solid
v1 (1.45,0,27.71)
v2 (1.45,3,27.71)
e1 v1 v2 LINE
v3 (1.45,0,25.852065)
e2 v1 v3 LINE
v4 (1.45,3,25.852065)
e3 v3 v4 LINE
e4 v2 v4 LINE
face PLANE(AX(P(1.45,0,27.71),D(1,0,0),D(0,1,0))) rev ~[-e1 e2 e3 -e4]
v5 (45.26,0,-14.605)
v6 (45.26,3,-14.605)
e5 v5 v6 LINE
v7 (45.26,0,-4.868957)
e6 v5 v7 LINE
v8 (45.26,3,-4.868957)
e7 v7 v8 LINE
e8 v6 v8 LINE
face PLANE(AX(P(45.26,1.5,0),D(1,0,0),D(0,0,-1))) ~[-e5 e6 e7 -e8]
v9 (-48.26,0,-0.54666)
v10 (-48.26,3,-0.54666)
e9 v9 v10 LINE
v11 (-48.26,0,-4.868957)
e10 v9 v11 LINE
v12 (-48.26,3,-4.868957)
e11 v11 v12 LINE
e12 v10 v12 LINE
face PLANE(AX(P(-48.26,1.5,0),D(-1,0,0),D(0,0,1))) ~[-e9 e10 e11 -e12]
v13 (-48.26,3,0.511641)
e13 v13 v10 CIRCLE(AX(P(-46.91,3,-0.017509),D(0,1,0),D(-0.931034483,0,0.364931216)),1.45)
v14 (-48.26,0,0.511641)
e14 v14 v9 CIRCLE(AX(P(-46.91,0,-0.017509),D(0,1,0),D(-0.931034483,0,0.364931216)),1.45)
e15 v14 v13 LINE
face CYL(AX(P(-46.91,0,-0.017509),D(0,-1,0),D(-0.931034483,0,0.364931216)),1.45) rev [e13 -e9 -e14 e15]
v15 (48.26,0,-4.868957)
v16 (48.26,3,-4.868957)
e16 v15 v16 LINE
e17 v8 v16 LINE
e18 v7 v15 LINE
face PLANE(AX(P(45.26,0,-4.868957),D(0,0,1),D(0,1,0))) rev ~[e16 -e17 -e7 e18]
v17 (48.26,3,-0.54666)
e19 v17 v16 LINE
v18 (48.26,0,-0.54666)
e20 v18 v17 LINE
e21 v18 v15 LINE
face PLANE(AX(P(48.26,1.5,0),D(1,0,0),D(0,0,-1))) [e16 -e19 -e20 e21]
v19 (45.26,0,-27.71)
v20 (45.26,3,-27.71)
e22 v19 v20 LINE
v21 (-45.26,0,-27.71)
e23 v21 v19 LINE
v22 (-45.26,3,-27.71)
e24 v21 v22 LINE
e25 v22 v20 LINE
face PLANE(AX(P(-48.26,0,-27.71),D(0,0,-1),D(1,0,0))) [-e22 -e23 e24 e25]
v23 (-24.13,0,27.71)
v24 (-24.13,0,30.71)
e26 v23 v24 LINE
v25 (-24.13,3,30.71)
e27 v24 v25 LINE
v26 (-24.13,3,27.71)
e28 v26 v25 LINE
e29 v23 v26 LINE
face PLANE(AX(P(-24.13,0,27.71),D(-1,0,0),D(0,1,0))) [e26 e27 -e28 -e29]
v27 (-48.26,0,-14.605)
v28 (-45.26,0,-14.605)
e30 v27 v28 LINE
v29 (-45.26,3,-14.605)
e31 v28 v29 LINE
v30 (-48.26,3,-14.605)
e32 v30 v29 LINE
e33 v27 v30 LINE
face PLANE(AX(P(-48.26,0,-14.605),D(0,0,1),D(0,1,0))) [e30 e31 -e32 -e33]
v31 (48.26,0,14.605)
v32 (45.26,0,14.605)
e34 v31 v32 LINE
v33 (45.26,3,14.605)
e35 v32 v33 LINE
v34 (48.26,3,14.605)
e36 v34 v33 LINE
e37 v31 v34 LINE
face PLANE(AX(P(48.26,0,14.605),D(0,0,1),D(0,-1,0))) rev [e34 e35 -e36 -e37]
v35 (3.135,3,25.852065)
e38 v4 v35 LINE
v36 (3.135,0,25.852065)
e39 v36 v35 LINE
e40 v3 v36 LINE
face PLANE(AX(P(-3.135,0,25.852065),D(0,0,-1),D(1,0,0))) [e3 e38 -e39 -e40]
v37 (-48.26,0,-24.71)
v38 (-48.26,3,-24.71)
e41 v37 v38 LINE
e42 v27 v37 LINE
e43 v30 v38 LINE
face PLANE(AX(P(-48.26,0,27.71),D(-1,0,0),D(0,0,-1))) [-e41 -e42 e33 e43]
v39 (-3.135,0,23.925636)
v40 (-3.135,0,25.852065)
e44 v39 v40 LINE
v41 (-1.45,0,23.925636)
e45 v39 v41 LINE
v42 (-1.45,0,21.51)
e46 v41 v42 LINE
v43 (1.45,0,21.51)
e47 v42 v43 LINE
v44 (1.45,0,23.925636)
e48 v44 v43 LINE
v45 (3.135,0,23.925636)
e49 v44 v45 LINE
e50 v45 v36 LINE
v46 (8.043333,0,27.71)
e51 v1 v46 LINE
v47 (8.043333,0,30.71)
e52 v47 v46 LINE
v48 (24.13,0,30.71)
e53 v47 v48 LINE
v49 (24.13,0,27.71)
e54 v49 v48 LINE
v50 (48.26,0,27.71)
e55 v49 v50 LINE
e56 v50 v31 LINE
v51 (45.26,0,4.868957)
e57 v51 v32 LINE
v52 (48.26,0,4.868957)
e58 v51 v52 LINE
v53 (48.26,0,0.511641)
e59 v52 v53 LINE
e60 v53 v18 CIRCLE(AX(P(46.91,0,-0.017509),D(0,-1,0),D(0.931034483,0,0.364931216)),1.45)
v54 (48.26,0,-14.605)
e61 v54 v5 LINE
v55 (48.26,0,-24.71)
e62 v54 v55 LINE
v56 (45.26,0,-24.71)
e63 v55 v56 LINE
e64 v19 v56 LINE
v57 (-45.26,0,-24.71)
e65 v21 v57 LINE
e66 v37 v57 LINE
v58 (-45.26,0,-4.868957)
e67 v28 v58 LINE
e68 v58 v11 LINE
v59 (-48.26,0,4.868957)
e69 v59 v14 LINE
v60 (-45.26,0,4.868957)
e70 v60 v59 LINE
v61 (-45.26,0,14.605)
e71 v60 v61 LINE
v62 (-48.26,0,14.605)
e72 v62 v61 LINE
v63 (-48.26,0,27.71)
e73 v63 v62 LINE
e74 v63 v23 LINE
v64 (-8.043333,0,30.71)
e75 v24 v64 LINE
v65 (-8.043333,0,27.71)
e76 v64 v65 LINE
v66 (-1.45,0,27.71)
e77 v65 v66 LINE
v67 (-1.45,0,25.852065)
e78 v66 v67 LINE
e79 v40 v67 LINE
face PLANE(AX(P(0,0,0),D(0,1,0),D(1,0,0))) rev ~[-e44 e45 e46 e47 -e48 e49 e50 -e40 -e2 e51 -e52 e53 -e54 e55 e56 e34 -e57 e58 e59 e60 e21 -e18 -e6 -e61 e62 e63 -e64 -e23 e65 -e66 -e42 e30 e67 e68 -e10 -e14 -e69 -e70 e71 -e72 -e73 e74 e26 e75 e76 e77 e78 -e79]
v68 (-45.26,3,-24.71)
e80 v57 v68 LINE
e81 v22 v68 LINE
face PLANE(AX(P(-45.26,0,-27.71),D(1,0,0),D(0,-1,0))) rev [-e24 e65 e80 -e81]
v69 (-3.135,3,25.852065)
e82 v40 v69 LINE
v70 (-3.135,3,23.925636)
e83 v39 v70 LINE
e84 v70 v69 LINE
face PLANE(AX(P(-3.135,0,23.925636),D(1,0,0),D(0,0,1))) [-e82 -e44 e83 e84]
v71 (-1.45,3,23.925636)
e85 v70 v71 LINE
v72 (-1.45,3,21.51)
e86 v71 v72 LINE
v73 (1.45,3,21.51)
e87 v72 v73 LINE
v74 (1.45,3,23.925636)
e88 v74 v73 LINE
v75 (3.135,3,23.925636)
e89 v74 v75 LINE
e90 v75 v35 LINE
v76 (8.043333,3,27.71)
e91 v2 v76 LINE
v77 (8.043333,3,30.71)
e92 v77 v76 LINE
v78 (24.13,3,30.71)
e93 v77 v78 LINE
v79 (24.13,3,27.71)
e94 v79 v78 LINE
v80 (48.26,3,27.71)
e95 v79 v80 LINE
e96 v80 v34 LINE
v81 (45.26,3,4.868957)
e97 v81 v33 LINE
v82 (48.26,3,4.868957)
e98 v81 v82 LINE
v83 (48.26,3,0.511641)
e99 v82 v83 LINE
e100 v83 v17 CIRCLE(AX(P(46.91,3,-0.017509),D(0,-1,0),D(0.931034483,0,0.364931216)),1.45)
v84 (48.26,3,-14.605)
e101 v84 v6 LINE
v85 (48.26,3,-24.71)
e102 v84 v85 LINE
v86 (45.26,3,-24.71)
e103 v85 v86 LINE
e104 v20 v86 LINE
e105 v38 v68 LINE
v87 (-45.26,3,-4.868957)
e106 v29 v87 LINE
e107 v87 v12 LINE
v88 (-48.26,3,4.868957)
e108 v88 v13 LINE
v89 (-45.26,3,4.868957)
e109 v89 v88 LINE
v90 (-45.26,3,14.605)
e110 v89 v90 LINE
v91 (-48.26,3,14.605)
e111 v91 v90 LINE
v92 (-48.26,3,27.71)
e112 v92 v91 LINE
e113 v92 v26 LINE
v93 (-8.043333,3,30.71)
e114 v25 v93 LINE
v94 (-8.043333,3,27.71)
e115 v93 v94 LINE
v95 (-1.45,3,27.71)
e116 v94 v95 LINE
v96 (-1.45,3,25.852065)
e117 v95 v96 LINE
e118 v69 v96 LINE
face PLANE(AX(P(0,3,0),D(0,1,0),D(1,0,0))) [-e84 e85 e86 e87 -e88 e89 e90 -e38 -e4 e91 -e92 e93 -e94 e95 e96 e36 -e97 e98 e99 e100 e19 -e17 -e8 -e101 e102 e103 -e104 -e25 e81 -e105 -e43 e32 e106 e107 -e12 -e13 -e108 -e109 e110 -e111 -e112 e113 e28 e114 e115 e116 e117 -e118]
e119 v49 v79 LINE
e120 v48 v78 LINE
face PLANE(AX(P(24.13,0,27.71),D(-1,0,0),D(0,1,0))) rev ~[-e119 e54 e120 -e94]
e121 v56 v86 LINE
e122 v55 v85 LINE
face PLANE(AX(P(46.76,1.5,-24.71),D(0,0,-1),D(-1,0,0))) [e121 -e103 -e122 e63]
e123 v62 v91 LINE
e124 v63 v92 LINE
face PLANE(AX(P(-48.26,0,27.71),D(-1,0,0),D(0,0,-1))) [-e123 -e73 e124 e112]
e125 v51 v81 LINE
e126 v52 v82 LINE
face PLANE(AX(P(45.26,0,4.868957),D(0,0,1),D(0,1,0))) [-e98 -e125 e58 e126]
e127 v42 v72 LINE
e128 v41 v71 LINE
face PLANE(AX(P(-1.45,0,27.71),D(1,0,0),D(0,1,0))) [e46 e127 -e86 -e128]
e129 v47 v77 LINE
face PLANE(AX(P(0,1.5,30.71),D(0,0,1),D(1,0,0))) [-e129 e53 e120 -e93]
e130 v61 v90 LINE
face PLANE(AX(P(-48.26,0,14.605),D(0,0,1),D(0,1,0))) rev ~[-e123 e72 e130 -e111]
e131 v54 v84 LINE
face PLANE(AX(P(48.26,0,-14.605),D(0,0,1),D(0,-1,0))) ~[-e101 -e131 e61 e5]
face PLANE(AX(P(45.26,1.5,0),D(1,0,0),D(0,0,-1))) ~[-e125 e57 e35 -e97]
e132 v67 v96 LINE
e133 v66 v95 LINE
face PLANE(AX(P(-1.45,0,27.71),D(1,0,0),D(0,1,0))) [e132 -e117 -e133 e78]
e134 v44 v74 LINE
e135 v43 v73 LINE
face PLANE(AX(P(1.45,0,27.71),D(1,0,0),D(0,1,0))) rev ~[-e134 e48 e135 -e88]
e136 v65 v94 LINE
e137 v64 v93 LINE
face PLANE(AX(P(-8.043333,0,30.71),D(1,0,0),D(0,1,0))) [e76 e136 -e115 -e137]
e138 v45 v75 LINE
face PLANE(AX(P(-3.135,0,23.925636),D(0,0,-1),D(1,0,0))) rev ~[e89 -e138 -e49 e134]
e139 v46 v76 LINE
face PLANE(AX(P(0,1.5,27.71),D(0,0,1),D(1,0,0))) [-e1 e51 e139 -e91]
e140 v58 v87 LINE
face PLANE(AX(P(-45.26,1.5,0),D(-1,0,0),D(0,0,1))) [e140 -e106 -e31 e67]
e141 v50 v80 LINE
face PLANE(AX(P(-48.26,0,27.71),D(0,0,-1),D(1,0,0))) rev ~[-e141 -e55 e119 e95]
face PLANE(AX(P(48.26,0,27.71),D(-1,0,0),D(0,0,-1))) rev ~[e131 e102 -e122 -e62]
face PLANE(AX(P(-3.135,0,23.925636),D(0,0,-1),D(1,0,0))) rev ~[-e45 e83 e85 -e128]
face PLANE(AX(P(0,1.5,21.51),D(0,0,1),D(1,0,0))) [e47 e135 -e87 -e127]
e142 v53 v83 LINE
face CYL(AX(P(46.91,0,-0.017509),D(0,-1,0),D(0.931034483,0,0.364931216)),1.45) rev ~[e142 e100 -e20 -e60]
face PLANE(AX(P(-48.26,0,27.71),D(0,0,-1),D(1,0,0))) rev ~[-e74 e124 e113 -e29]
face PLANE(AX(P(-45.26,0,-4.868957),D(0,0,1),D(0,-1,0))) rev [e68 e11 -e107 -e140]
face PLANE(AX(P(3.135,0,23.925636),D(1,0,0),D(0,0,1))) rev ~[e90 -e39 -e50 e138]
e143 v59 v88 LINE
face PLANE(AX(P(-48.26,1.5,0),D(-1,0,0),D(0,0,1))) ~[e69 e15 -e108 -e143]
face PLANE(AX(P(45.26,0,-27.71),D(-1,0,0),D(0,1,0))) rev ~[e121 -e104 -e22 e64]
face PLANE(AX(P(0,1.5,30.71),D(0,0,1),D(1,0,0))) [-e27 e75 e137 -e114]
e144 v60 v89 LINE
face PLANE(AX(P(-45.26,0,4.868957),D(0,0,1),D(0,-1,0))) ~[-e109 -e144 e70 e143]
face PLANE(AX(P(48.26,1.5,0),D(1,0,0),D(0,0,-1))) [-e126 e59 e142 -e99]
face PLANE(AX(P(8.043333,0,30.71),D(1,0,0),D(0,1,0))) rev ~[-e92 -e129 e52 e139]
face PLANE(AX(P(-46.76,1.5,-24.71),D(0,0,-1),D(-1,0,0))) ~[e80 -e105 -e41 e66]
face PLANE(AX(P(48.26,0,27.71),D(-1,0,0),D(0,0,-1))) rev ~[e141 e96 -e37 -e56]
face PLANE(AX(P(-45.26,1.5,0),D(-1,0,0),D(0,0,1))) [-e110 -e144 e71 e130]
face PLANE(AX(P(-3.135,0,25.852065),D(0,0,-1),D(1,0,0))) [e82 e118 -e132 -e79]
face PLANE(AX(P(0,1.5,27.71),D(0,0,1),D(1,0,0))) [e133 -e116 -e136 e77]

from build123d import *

# Parameters (mm, degrees)
SKETCH2_W           = 96.52
SKETCH2_H           = 55.42
BOSS_EXTRUDE1_DEPTH = 3
SKETCH3_W           = 29.21
SKETCH3_H           = 3
CUT_EXTRUDE1_DEPTH  = 3
SKETCH5_W           = 48.26
SKETCH5_H           = 3
BOSS_EXTRUDE2_DEPTH = 3
SKETCH14_W          = 16.086666666
SKETCH14_H          = 3
CUT_EXTRUDE2_DEPTH  = 3
SKETCH15_W          = 9.737913064
SKETCH15_H          = 3
BOSS_EXTRUDE9_DEPTH = 3
SKETCH26_W          = 3
SKETCH26_H          = 3
CUT_EXTRUDE4_DEPTH  = 3
CUT_EXTRUDE5_DEPTH  = 3
SKETCH29_W          = 2.9
SKETCH29_H          = 3
CUT_EXTRUDE6_DEPTH  = 6.2
SKETCH30_W          = 6.27
SKETCH30_H          = 1.926429006
CUT_EXTRUDE7_DEPTH  = 3


with BuildPart() as part:
    # Sketch2 → Boss-Extrude1 (new body)
    with BuildSketch(Plane(origin=(0, 0, 0), x_dir=(1, 0, 0), z_dir=(0, 1, 0))):
        Rectangle(SKETCH2_W, SKETCH2_H)
    extrude(amount=BOSS_EXTRUDE1_DEPTH)

    # Sketch3 → Cut-Extrude1 (cut)
    with BuildSketch(Plane.ZY.offset(48.26)):
        with Locations((0, 1.5)):
            Rectangle(SKETCH3_W, SKETCH3_H)
    cut_extrude1 = extrude(amount=-CUT_EXTRUDE1_DEPTH, mode=Mode.SUBTRACT)

    # Mirror1: Cut-Extrude1 across plane
    add(cut_extrude1.mirror(Plane(origin=(0, 0, 0), x_dir=(0, 0, 1), z_dir=(1, 0, 0))), mode=Mode.SUBTRACT)

    # Sketch5 → Boss-Extrude2 (add)
    with BuildSketch(Plane.XY.offset(27.71)):
        with Locations((0, 1.5)):
            Rectangle(SKETCH5_W, SKETCH5_H)
    extrude(amount=BOSS_EXTRUDE2_DEPTH)

    # Sketch14 → Cut-Extrude2 (cut)
    with BuildSketch(Plane.XY.offset(30.71)):
        with Locations((0, 1.5)):
            Rectangle(SKETCH14_W, SKETCH14_H)
    extrude(amount=-CUT_EXTRUDE2_DEPTH, mode=Mode.SUBTRACT)

    # Sketch15 → Boss-Extrude9 (add)
    with BuildSketch(Plane(origin=(45.26, 0, 0), x_dir=(0, 0, -1), z_dir=(1, 0, 0))):
        with Locations((0, 1.5)):
            Rectangle(SKETCH15_W, SKETCH15_H)
    boss_extrude9 = extrude(amount=BOSS_EXTRUDE9_DEPTH)

    # Mirror2: Boss-Extrude9 across plane
    add(boss_extrude9.mirror(Plane(origin=(0, 0, 0), x_dir=(0, 0, 1), z_dir=(1, 0, 0))))

    # Sketch26 → Cut-Extrude4 (cut)
    with BuildSketch(Plane(origin=(0, 0, -27.71), x_dir=(-1, 0, 0), z_dir=(0, 0, -1))):
        with Locations((-46.76, 1.5)):
            Rectangle(SKETCH26_W, SKETCH26_H)
    cut_extrude4 = extrude(amount=-CUT_EXTRUDE4_DEPTH, mode=Mode.SUBTRACT)

    # Mirror3: Cut-Extrude4 across plane
    add(cut_extrude4.mirror(Plane(origin=(0, 0, 0), x_dir=(0, 0, 1), z_dir=(1, 0, 0))), mode=Mode.SUBTRACT)

    # Sketch27 → Cut-Extrude5 (cut)
    with BuildSketch(Plane.XZ):
        with BuildLine():
            ThreePointArc((48.26, -0.546659717), (48.334780685, -0.286767695), (48.36, -0.017509454))
            ThreePointArc((48.36, -0.017509454), (48.334780685, 0.251748786), (48.26, 0.511640808))
            Line((48.26, 0.511640808), (48.26, -0.546659717))
        make_face()
        with BuildLine():
            Line((48.26, -0.546659717), (48.26, 0.511640808))
            ThreePointArc((48.26, 0.511640808), (45.46, -0.017509454), (48.26, -0.546659717))
        make_face()
    cut_extrude5 = extrude(amount=-CUT_EXTRUDE5_DEPTH, mode=Mode.SUBTRACT)

    # Mirror4: Cut-Extrude5 across plane
    add(cut_extrude5.mirror(Plane(origin=(0, 0, 0), x_dir=(0, 0, 1), z_dir=(1, 0, 0))), mode=Mode.SUBTRACT)

    # Sketch29 → Cut-Extrude6 (cut)
    with BuildSketch(Plane.XY.offset(27.71)):
        with Locations((0, 1.5)):
            Rectangle(SKETCH29_W, SKETCH29_H)
    extrude(amount=-CUT_EXTRUDE6_DEPTH, mode=Mode.SUBTRACT)

    # Sketch30 → Cut-Extrude7 (cut)
    with BuildSketch(Plane.XZ):
        with Locations((0, 24.88885073)):
            Rectangle(SKETCH30_W, SKETCH30_H)
    extrude(amount=-CUT_EXTRUDE7_DEPTH, mode=Mode.SUBTRACT)


solid = part.part
